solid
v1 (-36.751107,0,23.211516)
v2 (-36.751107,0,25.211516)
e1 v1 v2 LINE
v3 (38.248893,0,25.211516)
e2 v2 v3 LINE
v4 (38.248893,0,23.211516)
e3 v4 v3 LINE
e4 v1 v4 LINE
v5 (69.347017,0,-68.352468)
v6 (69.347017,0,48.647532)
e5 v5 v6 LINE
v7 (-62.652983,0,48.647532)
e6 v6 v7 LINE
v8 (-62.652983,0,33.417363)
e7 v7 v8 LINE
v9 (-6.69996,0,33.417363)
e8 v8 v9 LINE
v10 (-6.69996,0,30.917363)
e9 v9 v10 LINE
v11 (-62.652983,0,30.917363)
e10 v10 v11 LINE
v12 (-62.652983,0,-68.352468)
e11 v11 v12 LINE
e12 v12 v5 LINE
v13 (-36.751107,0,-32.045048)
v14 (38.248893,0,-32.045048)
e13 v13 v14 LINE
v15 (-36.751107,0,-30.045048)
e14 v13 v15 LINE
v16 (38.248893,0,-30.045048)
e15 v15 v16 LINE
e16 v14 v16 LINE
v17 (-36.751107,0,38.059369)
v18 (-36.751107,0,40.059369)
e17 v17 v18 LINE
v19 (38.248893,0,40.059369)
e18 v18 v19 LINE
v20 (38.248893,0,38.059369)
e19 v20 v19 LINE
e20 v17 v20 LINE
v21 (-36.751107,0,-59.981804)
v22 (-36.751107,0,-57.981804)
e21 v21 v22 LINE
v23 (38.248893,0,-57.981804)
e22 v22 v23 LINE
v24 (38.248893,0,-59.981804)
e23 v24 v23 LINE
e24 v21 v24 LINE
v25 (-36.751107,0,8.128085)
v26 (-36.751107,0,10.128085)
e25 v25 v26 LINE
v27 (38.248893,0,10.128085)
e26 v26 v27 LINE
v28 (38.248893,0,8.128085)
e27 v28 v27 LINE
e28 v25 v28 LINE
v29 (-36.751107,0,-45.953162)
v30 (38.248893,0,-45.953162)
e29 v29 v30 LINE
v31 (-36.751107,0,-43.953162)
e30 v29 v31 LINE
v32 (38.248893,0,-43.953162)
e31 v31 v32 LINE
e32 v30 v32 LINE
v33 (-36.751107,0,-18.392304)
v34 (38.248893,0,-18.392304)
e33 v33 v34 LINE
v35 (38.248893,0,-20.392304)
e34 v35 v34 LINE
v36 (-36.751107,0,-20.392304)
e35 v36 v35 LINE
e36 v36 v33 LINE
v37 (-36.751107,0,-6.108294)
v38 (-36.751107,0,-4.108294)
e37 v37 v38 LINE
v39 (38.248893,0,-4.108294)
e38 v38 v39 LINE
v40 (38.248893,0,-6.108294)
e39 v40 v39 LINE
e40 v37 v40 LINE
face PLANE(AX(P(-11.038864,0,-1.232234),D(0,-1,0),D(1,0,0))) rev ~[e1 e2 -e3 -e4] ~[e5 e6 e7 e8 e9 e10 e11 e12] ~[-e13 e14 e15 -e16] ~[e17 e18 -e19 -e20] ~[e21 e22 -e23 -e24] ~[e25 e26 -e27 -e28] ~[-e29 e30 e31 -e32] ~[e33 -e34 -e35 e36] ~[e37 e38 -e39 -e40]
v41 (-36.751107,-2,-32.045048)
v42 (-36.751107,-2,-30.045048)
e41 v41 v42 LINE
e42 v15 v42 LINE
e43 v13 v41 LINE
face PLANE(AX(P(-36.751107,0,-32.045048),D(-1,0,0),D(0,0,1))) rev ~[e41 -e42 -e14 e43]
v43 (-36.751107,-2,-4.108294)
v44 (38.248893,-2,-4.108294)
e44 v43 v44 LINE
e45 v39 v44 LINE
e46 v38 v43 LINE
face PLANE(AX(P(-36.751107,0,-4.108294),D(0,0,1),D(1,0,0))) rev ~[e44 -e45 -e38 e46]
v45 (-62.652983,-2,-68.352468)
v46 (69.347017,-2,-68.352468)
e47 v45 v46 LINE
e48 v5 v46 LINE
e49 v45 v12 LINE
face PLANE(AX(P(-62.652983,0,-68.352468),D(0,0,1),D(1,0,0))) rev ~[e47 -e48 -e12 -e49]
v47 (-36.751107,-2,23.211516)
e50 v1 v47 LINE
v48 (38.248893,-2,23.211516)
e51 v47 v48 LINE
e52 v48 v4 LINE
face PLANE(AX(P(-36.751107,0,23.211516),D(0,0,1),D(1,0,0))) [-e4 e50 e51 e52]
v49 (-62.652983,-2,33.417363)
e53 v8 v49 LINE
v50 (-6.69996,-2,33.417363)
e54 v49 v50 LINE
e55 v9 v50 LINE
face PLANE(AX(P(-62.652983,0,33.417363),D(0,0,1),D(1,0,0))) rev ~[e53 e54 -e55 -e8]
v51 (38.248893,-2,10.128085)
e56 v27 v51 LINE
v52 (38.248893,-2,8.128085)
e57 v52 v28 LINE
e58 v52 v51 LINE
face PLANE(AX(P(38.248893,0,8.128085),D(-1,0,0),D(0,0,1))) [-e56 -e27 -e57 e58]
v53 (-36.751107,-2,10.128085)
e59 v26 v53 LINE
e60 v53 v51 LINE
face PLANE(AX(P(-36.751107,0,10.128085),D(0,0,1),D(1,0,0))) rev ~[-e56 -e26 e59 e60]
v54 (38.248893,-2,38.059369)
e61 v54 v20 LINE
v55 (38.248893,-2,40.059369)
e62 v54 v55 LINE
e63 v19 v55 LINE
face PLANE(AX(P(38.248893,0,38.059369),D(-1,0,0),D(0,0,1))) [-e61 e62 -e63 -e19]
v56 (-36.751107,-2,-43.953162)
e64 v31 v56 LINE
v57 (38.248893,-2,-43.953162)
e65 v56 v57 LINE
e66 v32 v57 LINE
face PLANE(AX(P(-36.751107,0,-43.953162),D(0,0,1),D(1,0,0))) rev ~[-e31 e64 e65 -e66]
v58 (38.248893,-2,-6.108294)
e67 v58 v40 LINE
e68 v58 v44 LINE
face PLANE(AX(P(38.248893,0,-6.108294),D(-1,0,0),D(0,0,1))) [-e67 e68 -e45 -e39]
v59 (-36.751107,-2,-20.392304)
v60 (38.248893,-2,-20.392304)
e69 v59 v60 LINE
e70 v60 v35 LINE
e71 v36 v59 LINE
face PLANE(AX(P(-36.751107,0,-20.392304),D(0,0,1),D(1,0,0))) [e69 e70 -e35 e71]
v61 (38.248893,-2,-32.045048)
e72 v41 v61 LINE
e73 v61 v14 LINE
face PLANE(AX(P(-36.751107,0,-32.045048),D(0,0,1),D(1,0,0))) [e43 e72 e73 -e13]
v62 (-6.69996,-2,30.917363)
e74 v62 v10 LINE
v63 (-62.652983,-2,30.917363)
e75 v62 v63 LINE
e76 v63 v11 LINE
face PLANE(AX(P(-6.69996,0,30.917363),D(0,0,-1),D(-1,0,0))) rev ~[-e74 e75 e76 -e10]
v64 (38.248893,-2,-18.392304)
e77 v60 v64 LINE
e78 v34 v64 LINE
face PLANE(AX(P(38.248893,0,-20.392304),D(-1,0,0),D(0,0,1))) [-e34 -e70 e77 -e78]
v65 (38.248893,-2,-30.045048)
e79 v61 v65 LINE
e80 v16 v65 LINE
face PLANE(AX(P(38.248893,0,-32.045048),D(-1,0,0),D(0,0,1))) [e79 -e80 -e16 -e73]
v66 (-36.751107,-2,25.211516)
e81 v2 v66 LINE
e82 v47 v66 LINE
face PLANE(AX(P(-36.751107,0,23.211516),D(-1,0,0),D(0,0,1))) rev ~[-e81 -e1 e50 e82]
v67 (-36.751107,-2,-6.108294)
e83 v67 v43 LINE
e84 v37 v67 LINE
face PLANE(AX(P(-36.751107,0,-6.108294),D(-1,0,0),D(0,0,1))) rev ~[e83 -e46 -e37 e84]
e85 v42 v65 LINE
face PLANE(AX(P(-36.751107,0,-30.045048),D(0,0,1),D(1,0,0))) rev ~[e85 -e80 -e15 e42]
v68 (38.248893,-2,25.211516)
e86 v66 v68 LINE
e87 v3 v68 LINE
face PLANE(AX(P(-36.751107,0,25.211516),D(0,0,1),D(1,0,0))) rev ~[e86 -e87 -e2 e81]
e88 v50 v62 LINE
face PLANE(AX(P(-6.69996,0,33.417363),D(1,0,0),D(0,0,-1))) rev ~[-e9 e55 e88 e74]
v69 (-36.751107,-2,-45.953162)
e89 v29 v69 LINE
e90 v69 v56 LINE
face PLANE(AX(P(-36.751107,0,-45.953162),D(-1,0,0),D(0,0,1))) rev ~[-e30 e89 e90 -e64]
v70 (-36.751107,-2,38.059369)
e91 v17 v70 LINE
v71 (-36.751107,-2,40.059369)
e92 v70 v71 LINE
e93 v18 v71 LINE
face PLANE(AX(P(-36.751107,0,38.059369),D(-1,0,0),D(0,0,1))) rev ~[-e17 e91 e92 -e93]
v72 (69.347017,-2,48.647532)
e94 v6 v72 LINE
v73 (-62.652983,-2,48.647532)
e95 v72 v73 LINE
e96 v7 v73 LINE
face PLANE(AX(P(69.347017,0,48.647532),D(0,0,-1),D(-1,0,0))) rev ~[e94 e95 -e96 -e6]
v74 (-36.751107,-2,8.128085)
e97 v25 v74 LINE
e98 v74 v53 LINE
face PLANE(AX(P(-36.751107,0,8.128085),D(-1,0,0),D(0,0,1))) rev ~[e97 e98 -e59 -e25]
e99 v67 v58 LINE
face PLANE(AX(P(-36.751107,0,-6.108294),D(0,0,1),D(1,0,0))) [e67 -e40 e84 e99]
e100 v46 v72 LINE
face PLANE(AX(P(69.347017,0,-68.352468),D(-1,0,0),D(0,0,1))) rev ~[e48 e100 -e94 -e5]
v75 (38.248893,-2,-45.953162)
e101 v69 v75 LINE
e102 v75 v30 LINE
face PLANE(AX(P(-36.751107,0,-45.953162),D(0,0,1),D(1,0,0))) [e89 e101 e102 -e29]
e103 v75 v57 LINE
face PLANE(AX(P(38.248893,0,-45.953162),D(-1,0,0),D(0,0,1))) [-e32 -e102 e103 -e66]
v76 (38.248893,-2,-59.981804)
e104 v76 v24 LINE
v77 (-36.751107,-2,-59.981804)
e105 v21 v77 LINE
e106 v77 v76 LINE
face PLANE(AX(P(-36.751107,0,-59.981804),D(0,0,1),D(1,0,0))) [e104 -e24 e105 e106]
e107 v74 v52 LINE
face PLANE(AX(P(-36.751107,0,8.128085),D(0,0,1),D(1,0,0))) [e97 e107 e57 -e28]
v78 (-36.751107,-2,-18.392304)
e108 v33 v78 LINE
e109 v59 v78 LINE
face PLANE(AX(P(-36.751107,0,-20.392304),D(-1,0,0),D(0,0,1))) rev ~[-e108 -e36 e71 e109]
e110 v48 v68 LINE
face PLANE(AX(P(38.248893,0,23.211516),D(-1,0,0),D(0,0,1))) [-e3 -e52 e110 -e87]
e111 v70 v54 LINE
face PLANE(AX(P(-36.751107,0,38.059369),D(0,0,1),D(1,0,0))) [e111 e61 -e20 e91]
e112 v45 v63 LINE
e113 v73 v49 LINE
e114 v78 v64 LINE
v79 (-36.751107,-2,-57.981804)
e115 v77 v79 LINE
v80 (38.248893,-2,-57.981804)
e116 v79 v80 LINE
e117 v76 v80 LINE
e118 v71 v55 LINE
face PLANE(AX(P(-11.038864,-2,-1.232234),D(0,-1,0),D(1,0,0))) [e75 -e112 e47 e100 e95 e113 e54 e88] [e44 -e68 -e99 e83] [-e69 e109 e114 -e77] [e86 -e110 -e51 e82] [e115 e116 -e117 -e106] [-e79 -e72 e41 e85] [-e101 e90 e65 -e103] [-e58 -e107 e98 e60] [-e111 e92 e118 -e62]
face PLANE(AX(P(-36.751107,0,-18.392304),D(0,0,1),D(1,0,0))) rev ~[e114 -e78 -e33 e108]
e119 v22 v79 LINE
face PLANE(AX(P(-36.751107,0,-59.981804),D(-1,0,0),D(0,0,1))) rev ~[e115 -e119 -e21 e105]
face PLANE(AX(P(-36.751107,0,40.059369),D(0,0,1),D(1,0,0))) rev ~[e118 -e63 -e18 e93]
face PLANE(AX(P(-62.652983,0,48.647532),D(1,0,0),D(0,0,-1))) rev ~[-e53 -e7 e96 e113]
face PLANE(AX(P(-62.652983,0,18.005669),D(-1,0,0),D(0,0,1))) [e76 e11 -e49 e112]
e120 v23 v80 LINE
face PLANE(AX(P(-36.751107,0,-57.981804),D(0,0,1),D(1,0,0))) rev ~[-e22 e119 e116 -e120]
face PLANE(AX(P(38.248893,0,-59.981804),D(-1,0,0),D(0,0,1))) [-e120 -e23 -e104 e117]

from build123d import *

# Parameters (mm, degrees)
F0_W     = 75
F0_H     = 2
F0_W_2   = 8.9530238211
F0_H_2   = 10.3744039685
F0_H_3   = 13.0056687072
F0_H_4   = 12.9116945341
F1_DEPTH = 1
F2_DEPTH = 2


with BuildPart() as f1:
    # F0 (on Front) → F1 (new body)
    with BuildSketch(Plane.XZ):
        Polygon((-53.6999596655, 0), (-53.6999596655, -10.3744039685), (-6.6999596655, -10.3744039685), (-6.6999596655, -12.8744039685), (-53.6999596655, -12.8744039685), (-62.6529834867, -12.8744039685), (-62.6529834867, -68.3524683118), (69.3470165133, -68.3524683118), (69.3470165133, 48.6475316882), (-62.6529834867, 48.6475316882), (-62.6529834867, 33.4173632413), (-53.6999596655, 33.4173632413), (-6.6999596655, 33.4173632413), (-6.6999596655, 30.9173632413), (-53.6999596655, 30.9173632413), (-53.6999596655, 18.0056687072), (-6.6999596655, 18.0056687072), (-6.6999596655, 15.5056687072), (-53.6999596655, 15.5056687072), (-53.6999596655, 2.5), (-6.6999596655, 2.5), (-6.6999596655, 0), align=None)
        with Locations((0.7488928735, -58.9818040133)):
            Rectangle(F0_W, F0_H, mode=Mode.SUBTRACT)
        with Locations((0.7488928735, -44.9531620145)):
            Rectangle(F0_W, F0_H, mode=Mode.SUBTRACT)
        with Locations((0.7488928735, -31.0450477302)):
            Rectangle(F0_W, F0_H, mode=Mode.SUBTRACT)
        with Locations((0.7488928735, -19.3923042864)):
            Rectangle(F0_W, F0_H, mode=Mode.SUBTRACT)
        with Locations((0.7488928735, -5.1082937755)):
            Rectangle(F0_W, F0_H, mode=Mode.SUBTRACT)
        with Locations((0.7488928735, 9.1280854344)):
            Rectangle(F0_W, F0_H, mode=Mode.SUBTRACT)
        with Locations((0.7488928735, 24.2115164399)):
            Rectangle(F0_W, F0_H, mode=Mode.SUBTRACT)
        with Locations((0.7488928735, 39.0593687296)):
            Rectangle(F0_W, F0_H, mode=Mode.SUBTRACT)
        with Locations((-58.1764715761, -5.1872019842)):
            Rectangle(F0_W_2, F0_H_2)
        Polygon((-6.6999596655, -10.3744039685), (-53.6999596655, -10.3744039685), (-62.6529834867, -10.3744039685), (-62.6529834867, -12.8744039685), (-53.6999596655, -12.8744039685), (-6.6999596655, -12.8744039685), align=None)
        Polygon((-62.6529834867, 0), (-53.6999596655, 0), (-6.6999596655, 0), (-6.6999596655, 2.5), (-53.6999596655, 2.5), (-62.6529834867, 2.5), align=None)
        with Locations((-58.1764715761, 9.0028343536)):
            Rectangle(F0_W_2, F0_H_3)
        Polygon((-62.6529834867, 18.0056687072), (-62.6529834867, 15.5056687072), (-53.6999596655, 15.5056687072), (-6.6999596655, 15.5056687072), (-6.6999596655, 18.0056687072), (-53.6999596655, 18.0056687072), align=None)
        with Locations((-58.1764715761, 24.4615159743)):
            Rectangle(F0_W_2, F0_H_4)
    extrude(amount=F1_DEPTH)

    # F0 (on Front) → F2 (join)
    with BuildSketch(Plane.XZ):
        Polygon((-53.6999596655, 0), (-53.6999596655, -10.3744039685), (-6.6999596655, -10.3744039685), (-6.6999596655, -12.8744039685), (-53.6999596655, -12.8744039685), (-62.6529834867, -12.8744039685), (-62.6529834867, -68.3524683118), (69.3470165133, -68.3524683118), (69.3470165133, 48.6475316882), (-62.6529834867, 48.6475316882), (-62.6529834867, 33.4173632413), (-53.6999596655, 33.4173632413), (-6.6999596655, 33.4173632413), (-6.6999596655, 30.9173632413), (-53.6999596655, 30.9173632413), (-53.6999596655, 18.0056687072), (-6.6999596655, 18.0056687072), (-6.6999596655, 15.5056687072), (-53.6999596655, 15.5056687072), (-53.6999596655, 2.5), (-6.6999596655, 2.5), (-6.6999596655, 0), align=None)
        with Locations((0.7488928735, -58.9818040133)):
            Rectangle(F0_W, F0_H, mode=Mode.SUBTRACT)
        with Locations((0.7488928735, -44.9531620145)):
            Rectangle(F0_W, F0_H, mode=Mode.SUBTRACT)
        with Locations((0.7488928735, -31.0450477302)):
            Rectangle(F0_W, F0_H, mode=Mode.SUBTRACT)
        with Locations((0.7488928735, -19.3923042864)):
            Rectangle(F0_W, F0_H, mode=Mode.SUBTRACT)
        with Locations((0.7488928735, -5.1082937755)):
            Rectangle(F0_W, F0_H, mode=Mode.SUBTRACT)
        with Locations((0.7488928735, 9.1280854344)):
            Rectangle(F0_W, F0_H, mode=Mode.SUBTRACT)
        with Locations((0.7488928735, 24.2115164399)):
            Rectangle(F0_W, F0_H, mode=Mode.SUBTRACT)
        with Locations((0.7488928735, 39.0593687296)):
            Rectangle(F0_W, F0_H, mode=Mode.SUBTRACT)
        with Locations((-58.1764715761, -5.1872019842)):
            Rectangle(F0_W_2, F0_H_2)
        Polygon((-6.6999596655, -10.3744039685), (-53.6999596655, -10.3744039685), (-62.6529834867, -10.3744039685), (-62.6529834867, -12.8744039685), (-53.6999596655, -12.8744039685), (-6.6999596655, -12.8744039685), align=None)
        Polygon((-62.6529834867, 0), (-53.6999596655, 0), (-6.6999596655, 0), (-6.6999596655, 2.5), (-53.6999596655, 2.5), (-62.6529834867, 2.5), align=None)
        with Locations((-58.1764715761, 9.0028343536)):
            Rectangle(F0_W_2, F0_H_3)
        Polygon((-62.6529834867, 18.0056687072), (-62.6529834867, 15.5056687072), (-53.6999596655, 15.5056687072), (-6.6999596655, 15.5056687072), (-6.6999596655, 18.0056687072), (-53.6999596655, 18.0056687072), align=None)
        with Locations((-58.1764715761, 24.4615159743)):
            Rectangle(F0_W_2, F0_H_4)
    extrude(amount=F2_DEPTH)


solid = f1.part
